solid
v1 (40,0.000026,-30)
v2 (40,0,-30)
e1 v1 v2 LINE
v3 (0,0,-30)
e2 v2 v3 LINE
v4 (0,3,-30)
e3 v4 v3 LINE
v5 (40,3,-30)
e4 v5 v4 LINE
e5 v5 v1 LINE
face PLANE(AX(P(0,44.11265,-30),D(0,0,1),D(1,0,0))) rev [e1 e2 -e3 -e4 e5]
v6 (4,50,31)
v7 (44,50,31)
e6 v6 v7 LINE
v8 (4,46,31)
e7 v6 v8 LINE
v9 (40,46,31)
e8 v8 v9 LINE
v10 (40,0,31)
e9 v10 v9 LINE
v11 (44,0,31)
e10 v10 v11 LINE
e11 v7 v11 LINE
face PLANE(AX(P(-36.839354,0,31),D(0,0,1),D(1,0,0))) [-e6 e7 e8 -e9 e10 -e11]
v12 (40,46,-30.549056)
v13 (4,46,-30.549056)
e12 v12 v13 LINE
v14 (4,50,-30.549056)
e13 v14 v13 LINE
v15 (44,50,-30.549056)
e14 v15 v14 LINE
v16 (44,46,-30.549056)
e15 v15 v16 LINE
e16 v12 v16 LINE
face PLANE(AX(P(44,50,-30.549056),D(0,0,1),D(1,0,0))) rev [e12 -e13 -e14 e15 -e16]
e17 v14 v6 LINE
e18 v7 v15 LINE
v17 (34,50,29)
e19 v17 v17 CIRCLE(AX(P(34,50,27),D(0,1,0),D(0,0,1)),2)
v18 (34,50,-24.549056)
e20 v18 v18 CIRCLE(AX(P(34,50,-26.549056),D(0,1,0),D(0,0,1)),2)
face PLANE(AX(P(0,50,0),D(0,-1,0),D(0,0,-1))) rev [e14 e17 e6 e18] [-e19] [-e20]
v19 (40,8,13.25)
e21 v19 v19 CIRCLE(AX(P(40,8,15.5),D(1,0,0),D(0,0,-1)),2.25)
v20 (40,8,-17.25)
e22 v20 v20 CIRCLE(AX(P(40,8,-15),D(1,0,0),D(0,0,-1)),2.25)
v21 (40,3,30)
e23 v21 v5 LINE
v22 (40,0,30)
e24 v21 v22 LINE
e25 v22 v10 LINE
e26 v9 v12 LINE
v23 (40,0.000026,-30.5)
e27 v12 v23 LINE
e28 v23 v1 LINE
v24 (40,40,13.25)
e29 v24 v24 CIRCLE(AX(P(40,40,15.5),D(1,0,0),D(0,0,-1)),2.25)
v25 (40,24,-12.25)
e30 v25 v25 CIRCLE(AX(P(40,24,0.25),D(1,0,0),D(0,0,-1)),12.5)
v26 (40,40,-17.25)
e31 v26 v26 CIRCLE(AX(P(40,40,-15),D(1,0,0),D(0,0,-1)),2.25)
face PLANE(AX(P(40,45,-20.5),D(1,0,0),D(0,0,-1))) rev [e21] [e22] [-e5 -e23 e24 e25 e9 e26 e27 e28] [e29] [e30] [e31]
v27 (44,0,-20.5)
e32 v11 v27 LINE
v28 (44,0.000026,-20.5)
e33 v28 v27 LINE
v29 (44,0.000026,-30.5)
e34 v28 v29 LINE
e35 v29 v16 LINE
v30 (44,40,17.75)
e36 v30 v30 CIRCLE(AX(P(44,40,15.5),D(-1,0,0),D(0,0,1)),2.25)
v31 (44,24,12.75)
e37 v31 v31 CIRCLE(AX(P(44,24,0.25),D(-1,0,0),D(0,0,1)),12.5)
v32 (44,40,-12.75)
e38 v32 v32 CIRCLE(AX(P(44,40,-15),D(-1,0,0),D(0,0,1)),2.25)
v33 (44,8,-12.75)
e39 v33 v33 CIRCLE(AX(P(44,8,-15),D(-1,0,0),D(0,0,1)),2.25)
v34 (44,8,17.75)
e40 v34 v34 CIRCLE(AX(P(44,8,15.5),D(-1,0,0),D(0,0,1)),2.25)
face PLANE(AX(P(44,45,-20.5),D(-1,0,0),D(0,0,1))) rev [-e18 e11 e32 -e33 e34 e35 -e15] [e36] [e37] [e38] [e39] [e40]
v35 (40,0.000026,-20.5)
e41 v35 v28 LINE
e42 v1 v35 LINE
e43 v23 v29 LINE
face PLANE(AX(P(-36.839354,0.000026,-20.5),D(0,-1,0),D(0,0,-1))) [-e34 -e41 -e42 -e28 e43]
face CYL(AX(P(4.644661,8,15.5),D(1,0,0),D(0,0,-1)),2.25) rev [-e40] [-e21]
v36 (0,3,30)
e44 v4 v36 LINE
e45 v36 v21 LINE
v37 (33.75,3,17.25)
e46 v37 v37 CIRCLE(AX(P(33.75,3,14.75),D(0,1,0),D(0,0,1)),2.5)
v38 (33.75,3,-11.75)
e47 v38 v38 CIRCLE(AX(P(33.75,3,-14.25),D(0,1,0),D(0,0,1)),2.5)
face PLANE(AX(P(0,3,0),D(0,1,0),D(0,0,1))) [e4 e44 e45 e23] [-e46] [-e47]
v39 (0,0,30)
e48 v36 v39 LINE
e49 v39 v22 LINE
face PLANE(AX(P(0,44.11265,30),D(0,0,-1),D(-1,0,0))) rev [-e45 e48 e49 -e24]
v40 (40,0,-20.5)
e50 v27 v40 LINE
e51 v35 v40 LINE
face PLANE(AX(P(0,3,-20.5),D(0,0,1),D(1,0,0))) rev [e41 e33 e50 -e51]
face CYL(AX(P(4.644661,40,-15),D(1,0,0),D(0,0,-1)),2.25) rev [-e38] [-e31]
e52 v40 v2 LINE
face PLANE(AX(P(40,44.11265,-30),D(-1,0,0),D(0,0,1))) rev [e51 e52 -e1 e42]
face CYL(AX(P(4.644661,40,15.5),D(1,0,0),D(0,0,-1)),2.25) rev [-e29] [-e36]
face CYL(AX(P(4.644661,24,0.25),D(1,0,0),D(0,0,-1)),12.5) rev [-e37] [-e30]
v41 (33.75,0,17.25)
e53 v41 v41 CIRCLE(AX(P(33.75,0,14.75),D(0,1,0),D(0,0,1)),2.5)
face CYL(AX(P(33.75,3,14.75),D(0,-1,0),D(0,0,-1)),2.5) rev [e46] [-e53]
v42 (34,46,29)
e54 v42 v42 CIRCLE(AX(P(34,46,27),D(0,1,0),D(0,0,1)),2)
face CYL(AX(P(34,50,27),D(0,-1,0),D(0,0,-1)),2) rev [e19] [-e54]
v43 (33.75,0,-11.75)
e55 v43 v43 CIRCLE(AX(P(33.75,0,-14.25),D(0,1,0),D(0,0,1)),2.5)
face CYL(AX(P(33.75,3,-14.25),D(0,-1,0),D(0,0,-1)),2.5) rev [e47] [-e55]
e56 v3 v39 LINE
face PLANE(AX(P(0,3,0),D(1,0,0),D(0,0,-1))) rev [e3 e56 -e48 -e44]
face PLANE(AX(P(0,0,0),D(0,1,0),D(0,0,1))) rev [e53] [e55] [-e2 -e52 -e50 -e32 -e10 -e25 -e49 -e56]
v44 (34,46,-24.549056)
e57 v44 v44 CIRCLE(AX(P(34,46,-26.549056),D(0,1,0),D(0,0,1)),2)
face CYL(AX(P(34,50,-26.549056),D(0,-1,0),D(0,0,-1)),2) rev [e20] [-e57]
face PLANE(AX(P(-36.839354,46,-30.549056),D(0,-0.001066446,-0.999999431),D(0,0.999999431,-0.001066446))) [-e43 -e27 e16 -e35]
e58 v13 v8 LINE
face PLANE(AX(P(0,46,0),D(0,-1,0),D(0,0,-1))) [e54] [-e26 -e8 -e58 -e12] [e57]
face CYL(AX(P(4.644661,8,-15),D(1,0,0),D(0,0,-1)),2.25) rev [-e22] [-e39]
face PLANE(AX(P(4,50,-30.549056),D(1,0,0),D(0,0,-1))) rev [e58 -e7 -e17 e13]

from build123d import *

# Parameters (mm, degrees)
CROQUIS1_W              = 40
CROQUIS1_H              = 41.5
CROQUIS1_R              = 2.5
SALIENTE_EXTRUIR1_DEPTH = 3
CROQUIS2_W              = 4
CROQUIS2_H              = 41.5
SALIENTE_EXTRUIR2_DEPTH = 45
CORTAR_EXTRUIR1_START   = 44
CROQUIS3_R              = 12.5
CROQUIS3_R_2            = 2.25
CORTAR_EXTRUIR1_DEPTH   = 4
SALIENTE_EXTRUIR4_START = 40
SALIENTE_EXTRUIR4_DEPTH = 4
CROQUIS6_W              = 40
CROQUIS6_H              = 9.5
CROQUIS6_H_2            = 9
SALIENTE_EXTRUIR5_DEPTH = 3
SALIENTE_EXTRUIR6_START = 46
CROQUIS7_W              = 40
CROQUIS7_H              = 61.549056497
CROQUIS7_R              = 2
SALIENTE_EXTRUIR6_DEPTH = 4


with BuildPart() as part:
    # Croquis1 → Saliente-Extruir1 (new body)
    with BuildSketch(Plane(origin=(0, 0, 0), x_dir=(1, 0, 0), z_dir=(0, 1, 0))):
        with Locations((20, -0.25)):
            Rectangle(CROQUIS1_W, CROQUIS1_H)
        with Locations((33.75, 14.25)):
            Circle(CROQUIS1_R, mode=Mode.SUBTRACT)
        with Locations((33.75, -14.75)):
            Circle(CROQUIS1_R, mode=Mode.SUBTRACT)
    extrude(amount=SALIENTE_EXTRUIR1_DEPTH)

    # Croquis2 → Saliente-Extruir2 (add)
    with BuildSketch(Plane(origin=(0, 0, 0), x_dir=(1, 0, 0), z_dir=(0, 1, 0))):
        with Locations((42, -0.25)):
            Rectangle(CROQUIS2_W, CROQUIS2_H)
    extrude(amount=SALIENTE_EXTRUIR2_DEPTH)

    # Croquis3 → Cortar-Extruir1 (cut)
    with BuildSketch(Plane(origin=(0, 0, 0), x_dir=(0, 0, -1), z_dir=(1, 0, 0)).offset(CORTAR_EXTRUIR1_START)):
        with Locations((-0.25, 24)):
            Circle(CROQUIS3_R)
        with Locations((15, 40)):
            Circle(CROQUIS3_R_2)
        with Locations((-15.5, 40)):
            Circle(CROQUIS3_R_2)
        with Locations((-15.5, 8)):
            Circle(CROQUIS3_R_2)
        with Locations((15, 8)):
            Circle(CROQUIS3_R_2)
    extrude(amount=-CORTAR_EXTRUIR1_DEPTH, mode=Mode.SUBTRACT)

    # Croquis5 → Saliente-Extruir4 (add)
    with BuildSketch(Plane(origin=(0, 0, 0), x_dir=(0, 0, -1), z_dir=(1, 0, 0)).offset(SALIENTE_EXTRUIR4_START)):
        Polygon((-21, 0), (-31, 0), (-31, 46), (30.549056497, 46), (30.5, 2.6158e-05), (20.5, 2.6158e-05), (20.5, 45), (-21, 45), align=None)
    extrude(amount=SALIENTE_EXTRUIR4_DEPTH)

    # Croquis6 → Saliente-Extruir5 (add)
    with BuildSketch(Plane(origin=(0, 0, 0), x_dir=(1, 0, 0), z_dir=(0, 1, 0))):
        with Locations((20, 25.25)):
            Rectangle(CROQUIS6_W, CROQUIS6_H)
        with Locations((20, -25.5)):
            Rectangle(CROQUIS6_W, CROQUIS6_H_2)
    extrude(amount=SALIENTE_EXTRUIR5_DEPTH)

    # Croquis7 → Saliente-Extruir6 (add)
    with BuildSketch(Plane(origin=(0, 0, 0), x_dir=(1, 0, 0), z_dir=(0, 1, 0)).offset(SALIENTE_EXTRUIR6_START)):
        with Locations((24, -0.225471752)):
            Rectangle(CROQUIS7_W, CROQUIS7_H)
        with Locations((34, 26.549056497)):
            Circle(CROQUIS7_R, mode=Mode.SUBTRACT)
        with Locations((34, -27)):
            Circle(CROQUIS7_R, mode=Mode.SUBTRACT)
    extrude(amount=SALIENTE_EXTRUIR6_DEPTH)


solid = part.part
